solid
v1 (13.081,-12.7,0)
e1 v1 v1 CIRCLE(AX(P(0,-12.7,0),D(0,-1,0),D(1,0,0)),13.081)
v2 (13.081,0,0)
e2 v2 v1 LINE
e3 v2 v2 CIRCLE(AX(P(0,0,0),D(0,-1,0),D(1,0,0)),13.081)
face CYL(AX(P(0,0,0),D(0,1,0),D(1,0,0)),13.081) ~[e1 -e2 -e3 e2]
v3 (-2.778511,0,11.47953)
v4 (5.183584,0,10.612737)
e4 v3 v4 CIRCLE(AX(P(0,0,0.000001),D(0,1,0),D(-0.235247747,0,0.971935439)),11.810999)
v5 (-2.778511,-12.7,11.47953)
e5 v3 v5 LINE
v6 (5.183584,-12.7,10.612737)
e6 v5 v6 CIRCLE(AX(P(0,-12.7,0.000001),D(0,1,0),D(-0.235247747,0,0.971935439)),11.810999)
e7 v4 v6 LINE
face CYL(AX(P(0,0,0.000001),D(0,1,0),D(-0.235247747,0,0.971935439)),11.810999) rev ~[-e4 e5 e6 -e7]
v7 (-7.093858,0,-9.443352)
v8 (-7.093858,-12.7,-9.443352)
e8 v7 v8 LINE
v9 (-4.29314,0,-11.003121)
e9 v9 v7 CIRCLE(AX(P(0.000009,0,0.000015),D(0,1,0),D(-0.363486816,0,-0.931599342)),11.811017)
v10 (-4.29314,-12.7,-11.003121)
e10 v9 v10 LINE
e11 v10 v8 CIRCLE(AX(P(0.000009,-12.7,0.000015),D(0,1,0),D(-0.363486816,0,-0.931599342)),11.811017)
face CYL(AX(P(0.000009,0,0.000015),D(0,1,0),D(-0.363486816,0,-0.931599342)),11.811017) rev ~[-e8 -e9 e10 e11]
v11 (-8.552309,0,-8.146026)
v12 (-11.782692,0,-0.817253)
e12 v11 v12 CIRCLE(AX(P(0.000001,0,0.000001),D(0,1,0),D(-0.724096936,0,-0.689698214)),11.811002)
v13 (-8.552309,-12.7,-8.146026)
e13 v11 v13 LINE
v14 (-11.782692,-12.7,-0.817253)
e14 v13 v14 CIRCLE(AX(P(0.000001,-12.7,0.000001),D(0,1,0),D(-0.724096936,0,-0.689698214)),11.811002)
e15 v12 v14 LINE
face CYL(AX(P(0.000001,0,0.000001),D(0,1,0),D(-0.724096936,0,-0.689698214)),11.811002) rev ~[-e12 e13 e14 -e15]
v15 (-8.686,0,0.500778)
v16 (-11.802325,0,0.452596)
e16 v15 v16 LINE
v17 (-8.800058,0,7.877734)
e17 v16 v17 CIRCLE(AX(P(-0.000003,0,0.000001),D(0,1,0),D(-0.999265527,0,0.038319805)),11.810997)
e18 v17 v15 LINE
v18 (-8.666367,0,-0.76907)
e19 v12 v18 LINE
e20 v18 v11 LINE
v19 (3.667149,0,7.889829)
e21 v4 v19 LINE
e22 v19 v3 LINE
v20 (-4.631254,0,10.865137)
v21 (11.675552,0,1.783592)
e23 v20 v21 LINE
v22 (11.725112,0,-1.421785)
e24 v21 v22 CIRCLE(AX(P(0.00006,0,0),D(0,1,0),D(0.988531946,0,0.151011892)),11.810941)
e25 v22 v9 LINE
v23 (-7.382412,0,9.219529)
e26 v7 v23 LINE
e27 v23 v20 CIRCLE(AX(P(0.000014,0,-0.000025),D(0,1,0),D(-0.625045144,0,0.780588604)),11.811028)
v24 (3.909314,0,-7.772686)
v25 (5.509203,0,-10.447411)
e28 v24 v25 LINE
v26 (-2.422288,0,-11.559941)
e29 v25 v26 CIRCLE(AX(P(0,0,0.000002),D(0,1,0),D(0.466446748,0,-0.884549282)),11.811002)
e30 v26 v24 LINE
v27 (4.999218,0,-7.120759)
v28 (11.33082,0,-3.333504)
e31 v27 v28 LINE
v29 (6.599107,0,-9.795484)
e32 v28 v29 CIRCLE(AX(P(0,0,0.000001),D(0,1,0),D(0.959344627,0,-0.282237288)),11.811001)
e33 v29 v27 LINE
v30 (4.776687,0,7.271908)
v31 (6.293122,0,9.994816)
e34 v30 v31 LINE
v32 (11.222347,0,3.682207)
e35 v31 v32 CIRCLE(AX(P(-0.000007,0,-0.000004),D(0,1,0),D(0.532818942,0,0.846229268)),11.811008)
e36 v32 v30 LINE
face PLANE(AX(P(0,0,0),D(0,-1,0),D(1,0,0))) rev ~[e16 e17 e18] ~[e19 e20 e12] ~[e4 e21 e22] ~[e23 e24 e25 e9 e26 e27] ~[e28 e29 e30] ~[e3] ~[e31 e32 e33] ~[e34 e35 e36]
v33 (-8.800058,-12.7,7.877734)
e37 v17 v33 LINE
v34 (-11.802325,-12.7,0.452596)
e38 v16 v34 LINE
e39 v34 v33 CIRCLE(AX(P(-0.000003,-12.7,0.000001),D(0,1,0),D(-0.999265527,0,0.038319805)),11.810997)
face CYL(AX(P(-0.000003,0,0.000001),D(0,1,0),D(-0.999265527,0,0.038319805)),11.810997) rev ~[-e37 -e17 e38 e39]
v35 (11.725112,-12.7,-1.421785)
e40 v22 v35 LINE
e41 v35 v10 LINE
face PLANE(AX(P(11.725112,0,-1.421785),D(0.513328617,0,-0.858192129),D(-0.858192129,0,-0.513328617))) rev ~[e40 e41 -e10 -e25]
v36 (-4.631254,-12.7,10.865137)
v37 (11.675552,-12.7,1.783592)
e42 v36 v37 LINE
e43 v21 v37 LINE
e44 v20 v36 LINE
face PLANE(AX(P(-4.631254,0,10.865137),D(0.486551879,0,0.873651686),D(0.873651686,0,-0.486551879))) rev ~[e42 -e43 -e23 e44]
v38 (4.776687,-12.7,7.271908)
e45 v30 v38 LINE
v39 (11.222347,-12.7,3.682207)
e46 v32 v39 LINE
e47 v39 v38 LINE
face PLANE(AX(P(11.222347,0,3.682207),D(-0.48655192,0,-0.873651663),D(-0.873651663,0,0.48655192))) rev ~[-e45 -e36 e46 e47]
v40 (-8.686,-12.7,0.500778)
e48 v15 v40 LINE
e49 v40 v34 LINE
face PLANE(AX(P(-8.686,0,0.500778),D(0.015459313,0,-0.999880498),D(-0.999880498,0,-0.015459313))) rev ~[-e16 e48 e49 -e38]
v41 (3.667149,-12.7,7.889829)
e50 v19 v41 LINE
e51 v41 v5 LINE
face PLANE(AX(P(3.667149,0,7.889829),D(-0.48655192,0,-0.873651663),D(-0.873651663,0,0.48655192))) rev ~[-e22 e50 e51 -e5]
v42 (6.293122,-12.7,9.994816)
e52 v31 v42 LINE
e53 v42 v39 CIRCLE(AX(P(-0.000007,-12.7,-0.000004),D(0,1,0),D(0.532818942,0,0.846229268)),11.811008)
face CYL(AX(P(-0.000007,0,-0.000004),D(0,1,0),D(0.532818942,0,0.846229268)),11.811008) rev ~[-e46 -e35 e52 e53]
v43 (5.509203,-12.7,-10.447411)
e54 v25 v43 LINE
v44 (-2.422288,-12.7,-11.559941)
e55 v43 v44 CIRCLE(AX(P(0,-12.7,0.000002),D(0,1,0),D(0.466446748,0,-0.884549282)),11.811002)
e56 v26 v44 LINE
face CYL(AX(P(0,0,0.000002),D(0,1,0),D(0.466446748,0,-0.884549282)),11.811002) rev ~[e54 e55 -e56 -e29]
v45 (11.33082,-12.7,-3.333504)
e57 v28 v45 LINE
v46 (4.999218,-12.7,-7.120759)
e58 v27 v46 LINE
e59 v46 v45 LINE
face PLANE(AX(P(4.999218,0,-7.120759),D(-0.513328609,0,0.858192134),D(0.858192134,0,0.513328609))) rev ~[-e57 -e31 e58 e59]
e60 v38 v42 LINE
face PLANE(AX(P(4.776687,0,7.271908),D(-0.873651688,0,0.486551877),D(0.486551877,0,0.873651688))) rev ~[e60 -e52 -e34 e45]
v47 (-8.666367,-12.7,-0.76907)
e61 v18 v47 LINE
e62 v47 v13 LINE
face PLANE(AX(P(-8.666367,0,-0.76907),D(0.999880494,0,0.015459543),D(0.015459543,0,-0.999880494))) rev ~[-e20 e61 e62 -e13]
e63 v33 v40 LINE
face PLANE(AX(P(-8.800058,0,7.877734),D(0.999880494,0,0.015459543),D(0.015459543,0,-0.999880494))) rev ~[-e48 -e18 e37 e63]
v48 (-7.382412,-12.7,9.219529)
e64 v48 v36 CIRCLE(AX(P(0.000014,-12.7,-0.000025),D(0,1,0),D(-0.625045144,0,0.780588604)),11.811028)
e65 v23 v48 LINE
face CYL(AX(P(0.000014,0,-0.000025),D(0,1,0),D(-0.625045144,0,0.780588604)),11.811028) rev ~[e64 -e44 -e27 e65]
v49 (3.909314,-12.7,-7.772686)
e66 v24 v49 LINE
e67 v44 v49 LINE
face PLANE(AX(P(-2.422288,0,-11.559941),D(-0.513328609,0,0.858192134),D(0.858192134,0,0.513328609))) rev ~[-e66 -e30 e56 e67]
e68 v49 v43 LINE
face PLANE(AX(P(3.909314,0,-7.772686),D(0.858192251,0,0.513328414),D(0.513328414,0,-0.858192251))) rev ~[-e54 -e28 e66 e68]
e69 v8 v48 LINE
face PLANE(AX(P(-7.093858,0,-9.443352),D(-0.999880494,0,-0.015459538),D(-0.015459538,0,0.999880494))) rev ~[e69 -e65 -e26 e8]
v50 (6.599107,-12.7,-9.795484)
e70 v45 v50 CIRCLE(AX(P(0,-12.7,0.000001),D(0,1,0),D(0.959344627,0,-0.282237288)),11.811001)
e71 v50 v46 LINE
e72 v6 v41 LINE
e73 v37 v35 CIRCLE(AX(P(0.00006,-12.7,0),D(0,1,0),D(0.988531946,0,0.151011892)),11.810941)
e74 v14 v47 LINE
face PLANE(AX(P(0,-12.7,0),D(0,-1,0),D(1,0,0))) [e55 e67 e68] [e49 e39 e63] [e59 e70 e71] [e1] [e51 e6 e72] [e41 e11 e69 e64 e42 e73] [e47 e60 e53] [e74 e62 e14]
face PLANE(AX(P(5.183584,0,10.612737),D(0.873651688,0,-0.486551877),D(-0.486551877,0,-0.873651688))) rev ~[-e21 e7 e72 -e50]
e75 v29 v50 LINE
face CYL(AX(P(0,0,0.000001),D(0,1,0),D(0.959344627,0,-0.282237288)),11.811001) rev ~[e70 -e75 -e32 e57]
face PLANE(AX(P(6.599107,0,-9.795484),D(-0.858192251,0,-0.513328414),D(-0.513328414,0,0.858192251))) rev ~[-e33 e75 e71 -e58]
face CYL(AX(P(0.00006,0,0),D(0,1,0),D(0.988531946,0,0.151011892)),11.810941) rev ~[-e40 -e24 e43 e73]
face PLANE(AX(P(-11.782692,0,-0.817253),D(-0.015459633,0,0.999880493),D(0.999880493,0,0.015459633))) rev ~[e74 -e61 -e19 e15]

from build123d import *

# Parameters (mm, degrees)
F0_R     = 13.081
F1_DEPTH = 12.7


with BuildPart() as f1:
    # F0 (on Front) → F1 (new body)
    with BuildSketch(Plane.XZ):
        Circle(F0_R)
        with BuildLine():
            Line((-11.782692, -0.817253), (-8.666367, -0.76907))
            Line((-8.666367, -0.76907), (-8.552309, -8.146026))
            ThreePointArc((-8.552309, -8.146026), (-10.807673, -4.763815), (-11.782692, -0.817253))
        make_face(mode=Mode.SUBTRACT)
        with BuildLine():
            ThreePointArc((5.509203, -10.447411), (1.640638, -11.696496), (-2.422288, -11.559941))
            Line((-2.422288, -11.559941), (3.909314, -7.772686))
            Line((3.909314, -7.772686), (5.509203, -10.447411))
        make_face(mode=Mode.SUBTRACT)
        with BuildLine():
            Line((6.599107, -9.795484), (4.999218, -7.120759))
            Line((4.999218, -7.120759), (11.33082, -3.333504))
            ThreePointArc((11.33082, -3.333504), (9.529421, -6.977812), (6.599107, -9.795484))
        make_face(mode=Mode.SUBTRACT)
        with BuildLine():
            ThreePointArc((11.675552, 1.783592), (11.809589, 0.182593), (11.725112, -1.421785))
            Line((11.725112, -1.421785), (-4.29314, -11.003121))
            ThreePointArc((-4.29314, -11.003121), (-5.746664, -10.3187), (-7.093858, -9.443352))
            Line((-7.093858, -9.443352), (-7.382412, 9.219529))
            ThreePointArc((-7.382412, 9.219529), (-6.062924, 10.136107), (-4.631254, 10.865137))
            Line((-4.631254, 10.865137), (11.675552, 1.783592))
        make_face(mode=Mode.SUBTRACT)
        with BuildLine():
            ThreePointArc((-11.802325, 0.452596), (-10.949782, 4.427414), (-8.800058, 7.877734))
            Line((-8.800058, 7.877734), (-8.686, 0.500778))
            Line((-8.686, 0.500778), (-11.802325, 0.452596))
        make_face(mode=Mode.SUBTRACT)
        with BuildLine():
            Line((5.183584, 10.612737), (3.667149, 7.889829))
            Line((3.667149, 7.889829), (-2.778511, 11.47953))
            ThreePointArc((-2.778511, 11.47953), (1.278252, 11.741627), (5.183584, 10.612737))
        make_face(mode=Mode.SUBTRACT)
        with BuildLine():
            ThreePointArc((6.293122, 9.994816), (9.309144, 7.269082), (11.222347, 3.682207))
            Line((11.222347, 3.682207), (4.776687, 7.271908))
            Line((4.776687, 7.271908), (6.293122, 9.994816))
        make_face(mode=Mode.SUBTRACT)
    extrude(amount=F1_DEPTH)


solid = f1.part
